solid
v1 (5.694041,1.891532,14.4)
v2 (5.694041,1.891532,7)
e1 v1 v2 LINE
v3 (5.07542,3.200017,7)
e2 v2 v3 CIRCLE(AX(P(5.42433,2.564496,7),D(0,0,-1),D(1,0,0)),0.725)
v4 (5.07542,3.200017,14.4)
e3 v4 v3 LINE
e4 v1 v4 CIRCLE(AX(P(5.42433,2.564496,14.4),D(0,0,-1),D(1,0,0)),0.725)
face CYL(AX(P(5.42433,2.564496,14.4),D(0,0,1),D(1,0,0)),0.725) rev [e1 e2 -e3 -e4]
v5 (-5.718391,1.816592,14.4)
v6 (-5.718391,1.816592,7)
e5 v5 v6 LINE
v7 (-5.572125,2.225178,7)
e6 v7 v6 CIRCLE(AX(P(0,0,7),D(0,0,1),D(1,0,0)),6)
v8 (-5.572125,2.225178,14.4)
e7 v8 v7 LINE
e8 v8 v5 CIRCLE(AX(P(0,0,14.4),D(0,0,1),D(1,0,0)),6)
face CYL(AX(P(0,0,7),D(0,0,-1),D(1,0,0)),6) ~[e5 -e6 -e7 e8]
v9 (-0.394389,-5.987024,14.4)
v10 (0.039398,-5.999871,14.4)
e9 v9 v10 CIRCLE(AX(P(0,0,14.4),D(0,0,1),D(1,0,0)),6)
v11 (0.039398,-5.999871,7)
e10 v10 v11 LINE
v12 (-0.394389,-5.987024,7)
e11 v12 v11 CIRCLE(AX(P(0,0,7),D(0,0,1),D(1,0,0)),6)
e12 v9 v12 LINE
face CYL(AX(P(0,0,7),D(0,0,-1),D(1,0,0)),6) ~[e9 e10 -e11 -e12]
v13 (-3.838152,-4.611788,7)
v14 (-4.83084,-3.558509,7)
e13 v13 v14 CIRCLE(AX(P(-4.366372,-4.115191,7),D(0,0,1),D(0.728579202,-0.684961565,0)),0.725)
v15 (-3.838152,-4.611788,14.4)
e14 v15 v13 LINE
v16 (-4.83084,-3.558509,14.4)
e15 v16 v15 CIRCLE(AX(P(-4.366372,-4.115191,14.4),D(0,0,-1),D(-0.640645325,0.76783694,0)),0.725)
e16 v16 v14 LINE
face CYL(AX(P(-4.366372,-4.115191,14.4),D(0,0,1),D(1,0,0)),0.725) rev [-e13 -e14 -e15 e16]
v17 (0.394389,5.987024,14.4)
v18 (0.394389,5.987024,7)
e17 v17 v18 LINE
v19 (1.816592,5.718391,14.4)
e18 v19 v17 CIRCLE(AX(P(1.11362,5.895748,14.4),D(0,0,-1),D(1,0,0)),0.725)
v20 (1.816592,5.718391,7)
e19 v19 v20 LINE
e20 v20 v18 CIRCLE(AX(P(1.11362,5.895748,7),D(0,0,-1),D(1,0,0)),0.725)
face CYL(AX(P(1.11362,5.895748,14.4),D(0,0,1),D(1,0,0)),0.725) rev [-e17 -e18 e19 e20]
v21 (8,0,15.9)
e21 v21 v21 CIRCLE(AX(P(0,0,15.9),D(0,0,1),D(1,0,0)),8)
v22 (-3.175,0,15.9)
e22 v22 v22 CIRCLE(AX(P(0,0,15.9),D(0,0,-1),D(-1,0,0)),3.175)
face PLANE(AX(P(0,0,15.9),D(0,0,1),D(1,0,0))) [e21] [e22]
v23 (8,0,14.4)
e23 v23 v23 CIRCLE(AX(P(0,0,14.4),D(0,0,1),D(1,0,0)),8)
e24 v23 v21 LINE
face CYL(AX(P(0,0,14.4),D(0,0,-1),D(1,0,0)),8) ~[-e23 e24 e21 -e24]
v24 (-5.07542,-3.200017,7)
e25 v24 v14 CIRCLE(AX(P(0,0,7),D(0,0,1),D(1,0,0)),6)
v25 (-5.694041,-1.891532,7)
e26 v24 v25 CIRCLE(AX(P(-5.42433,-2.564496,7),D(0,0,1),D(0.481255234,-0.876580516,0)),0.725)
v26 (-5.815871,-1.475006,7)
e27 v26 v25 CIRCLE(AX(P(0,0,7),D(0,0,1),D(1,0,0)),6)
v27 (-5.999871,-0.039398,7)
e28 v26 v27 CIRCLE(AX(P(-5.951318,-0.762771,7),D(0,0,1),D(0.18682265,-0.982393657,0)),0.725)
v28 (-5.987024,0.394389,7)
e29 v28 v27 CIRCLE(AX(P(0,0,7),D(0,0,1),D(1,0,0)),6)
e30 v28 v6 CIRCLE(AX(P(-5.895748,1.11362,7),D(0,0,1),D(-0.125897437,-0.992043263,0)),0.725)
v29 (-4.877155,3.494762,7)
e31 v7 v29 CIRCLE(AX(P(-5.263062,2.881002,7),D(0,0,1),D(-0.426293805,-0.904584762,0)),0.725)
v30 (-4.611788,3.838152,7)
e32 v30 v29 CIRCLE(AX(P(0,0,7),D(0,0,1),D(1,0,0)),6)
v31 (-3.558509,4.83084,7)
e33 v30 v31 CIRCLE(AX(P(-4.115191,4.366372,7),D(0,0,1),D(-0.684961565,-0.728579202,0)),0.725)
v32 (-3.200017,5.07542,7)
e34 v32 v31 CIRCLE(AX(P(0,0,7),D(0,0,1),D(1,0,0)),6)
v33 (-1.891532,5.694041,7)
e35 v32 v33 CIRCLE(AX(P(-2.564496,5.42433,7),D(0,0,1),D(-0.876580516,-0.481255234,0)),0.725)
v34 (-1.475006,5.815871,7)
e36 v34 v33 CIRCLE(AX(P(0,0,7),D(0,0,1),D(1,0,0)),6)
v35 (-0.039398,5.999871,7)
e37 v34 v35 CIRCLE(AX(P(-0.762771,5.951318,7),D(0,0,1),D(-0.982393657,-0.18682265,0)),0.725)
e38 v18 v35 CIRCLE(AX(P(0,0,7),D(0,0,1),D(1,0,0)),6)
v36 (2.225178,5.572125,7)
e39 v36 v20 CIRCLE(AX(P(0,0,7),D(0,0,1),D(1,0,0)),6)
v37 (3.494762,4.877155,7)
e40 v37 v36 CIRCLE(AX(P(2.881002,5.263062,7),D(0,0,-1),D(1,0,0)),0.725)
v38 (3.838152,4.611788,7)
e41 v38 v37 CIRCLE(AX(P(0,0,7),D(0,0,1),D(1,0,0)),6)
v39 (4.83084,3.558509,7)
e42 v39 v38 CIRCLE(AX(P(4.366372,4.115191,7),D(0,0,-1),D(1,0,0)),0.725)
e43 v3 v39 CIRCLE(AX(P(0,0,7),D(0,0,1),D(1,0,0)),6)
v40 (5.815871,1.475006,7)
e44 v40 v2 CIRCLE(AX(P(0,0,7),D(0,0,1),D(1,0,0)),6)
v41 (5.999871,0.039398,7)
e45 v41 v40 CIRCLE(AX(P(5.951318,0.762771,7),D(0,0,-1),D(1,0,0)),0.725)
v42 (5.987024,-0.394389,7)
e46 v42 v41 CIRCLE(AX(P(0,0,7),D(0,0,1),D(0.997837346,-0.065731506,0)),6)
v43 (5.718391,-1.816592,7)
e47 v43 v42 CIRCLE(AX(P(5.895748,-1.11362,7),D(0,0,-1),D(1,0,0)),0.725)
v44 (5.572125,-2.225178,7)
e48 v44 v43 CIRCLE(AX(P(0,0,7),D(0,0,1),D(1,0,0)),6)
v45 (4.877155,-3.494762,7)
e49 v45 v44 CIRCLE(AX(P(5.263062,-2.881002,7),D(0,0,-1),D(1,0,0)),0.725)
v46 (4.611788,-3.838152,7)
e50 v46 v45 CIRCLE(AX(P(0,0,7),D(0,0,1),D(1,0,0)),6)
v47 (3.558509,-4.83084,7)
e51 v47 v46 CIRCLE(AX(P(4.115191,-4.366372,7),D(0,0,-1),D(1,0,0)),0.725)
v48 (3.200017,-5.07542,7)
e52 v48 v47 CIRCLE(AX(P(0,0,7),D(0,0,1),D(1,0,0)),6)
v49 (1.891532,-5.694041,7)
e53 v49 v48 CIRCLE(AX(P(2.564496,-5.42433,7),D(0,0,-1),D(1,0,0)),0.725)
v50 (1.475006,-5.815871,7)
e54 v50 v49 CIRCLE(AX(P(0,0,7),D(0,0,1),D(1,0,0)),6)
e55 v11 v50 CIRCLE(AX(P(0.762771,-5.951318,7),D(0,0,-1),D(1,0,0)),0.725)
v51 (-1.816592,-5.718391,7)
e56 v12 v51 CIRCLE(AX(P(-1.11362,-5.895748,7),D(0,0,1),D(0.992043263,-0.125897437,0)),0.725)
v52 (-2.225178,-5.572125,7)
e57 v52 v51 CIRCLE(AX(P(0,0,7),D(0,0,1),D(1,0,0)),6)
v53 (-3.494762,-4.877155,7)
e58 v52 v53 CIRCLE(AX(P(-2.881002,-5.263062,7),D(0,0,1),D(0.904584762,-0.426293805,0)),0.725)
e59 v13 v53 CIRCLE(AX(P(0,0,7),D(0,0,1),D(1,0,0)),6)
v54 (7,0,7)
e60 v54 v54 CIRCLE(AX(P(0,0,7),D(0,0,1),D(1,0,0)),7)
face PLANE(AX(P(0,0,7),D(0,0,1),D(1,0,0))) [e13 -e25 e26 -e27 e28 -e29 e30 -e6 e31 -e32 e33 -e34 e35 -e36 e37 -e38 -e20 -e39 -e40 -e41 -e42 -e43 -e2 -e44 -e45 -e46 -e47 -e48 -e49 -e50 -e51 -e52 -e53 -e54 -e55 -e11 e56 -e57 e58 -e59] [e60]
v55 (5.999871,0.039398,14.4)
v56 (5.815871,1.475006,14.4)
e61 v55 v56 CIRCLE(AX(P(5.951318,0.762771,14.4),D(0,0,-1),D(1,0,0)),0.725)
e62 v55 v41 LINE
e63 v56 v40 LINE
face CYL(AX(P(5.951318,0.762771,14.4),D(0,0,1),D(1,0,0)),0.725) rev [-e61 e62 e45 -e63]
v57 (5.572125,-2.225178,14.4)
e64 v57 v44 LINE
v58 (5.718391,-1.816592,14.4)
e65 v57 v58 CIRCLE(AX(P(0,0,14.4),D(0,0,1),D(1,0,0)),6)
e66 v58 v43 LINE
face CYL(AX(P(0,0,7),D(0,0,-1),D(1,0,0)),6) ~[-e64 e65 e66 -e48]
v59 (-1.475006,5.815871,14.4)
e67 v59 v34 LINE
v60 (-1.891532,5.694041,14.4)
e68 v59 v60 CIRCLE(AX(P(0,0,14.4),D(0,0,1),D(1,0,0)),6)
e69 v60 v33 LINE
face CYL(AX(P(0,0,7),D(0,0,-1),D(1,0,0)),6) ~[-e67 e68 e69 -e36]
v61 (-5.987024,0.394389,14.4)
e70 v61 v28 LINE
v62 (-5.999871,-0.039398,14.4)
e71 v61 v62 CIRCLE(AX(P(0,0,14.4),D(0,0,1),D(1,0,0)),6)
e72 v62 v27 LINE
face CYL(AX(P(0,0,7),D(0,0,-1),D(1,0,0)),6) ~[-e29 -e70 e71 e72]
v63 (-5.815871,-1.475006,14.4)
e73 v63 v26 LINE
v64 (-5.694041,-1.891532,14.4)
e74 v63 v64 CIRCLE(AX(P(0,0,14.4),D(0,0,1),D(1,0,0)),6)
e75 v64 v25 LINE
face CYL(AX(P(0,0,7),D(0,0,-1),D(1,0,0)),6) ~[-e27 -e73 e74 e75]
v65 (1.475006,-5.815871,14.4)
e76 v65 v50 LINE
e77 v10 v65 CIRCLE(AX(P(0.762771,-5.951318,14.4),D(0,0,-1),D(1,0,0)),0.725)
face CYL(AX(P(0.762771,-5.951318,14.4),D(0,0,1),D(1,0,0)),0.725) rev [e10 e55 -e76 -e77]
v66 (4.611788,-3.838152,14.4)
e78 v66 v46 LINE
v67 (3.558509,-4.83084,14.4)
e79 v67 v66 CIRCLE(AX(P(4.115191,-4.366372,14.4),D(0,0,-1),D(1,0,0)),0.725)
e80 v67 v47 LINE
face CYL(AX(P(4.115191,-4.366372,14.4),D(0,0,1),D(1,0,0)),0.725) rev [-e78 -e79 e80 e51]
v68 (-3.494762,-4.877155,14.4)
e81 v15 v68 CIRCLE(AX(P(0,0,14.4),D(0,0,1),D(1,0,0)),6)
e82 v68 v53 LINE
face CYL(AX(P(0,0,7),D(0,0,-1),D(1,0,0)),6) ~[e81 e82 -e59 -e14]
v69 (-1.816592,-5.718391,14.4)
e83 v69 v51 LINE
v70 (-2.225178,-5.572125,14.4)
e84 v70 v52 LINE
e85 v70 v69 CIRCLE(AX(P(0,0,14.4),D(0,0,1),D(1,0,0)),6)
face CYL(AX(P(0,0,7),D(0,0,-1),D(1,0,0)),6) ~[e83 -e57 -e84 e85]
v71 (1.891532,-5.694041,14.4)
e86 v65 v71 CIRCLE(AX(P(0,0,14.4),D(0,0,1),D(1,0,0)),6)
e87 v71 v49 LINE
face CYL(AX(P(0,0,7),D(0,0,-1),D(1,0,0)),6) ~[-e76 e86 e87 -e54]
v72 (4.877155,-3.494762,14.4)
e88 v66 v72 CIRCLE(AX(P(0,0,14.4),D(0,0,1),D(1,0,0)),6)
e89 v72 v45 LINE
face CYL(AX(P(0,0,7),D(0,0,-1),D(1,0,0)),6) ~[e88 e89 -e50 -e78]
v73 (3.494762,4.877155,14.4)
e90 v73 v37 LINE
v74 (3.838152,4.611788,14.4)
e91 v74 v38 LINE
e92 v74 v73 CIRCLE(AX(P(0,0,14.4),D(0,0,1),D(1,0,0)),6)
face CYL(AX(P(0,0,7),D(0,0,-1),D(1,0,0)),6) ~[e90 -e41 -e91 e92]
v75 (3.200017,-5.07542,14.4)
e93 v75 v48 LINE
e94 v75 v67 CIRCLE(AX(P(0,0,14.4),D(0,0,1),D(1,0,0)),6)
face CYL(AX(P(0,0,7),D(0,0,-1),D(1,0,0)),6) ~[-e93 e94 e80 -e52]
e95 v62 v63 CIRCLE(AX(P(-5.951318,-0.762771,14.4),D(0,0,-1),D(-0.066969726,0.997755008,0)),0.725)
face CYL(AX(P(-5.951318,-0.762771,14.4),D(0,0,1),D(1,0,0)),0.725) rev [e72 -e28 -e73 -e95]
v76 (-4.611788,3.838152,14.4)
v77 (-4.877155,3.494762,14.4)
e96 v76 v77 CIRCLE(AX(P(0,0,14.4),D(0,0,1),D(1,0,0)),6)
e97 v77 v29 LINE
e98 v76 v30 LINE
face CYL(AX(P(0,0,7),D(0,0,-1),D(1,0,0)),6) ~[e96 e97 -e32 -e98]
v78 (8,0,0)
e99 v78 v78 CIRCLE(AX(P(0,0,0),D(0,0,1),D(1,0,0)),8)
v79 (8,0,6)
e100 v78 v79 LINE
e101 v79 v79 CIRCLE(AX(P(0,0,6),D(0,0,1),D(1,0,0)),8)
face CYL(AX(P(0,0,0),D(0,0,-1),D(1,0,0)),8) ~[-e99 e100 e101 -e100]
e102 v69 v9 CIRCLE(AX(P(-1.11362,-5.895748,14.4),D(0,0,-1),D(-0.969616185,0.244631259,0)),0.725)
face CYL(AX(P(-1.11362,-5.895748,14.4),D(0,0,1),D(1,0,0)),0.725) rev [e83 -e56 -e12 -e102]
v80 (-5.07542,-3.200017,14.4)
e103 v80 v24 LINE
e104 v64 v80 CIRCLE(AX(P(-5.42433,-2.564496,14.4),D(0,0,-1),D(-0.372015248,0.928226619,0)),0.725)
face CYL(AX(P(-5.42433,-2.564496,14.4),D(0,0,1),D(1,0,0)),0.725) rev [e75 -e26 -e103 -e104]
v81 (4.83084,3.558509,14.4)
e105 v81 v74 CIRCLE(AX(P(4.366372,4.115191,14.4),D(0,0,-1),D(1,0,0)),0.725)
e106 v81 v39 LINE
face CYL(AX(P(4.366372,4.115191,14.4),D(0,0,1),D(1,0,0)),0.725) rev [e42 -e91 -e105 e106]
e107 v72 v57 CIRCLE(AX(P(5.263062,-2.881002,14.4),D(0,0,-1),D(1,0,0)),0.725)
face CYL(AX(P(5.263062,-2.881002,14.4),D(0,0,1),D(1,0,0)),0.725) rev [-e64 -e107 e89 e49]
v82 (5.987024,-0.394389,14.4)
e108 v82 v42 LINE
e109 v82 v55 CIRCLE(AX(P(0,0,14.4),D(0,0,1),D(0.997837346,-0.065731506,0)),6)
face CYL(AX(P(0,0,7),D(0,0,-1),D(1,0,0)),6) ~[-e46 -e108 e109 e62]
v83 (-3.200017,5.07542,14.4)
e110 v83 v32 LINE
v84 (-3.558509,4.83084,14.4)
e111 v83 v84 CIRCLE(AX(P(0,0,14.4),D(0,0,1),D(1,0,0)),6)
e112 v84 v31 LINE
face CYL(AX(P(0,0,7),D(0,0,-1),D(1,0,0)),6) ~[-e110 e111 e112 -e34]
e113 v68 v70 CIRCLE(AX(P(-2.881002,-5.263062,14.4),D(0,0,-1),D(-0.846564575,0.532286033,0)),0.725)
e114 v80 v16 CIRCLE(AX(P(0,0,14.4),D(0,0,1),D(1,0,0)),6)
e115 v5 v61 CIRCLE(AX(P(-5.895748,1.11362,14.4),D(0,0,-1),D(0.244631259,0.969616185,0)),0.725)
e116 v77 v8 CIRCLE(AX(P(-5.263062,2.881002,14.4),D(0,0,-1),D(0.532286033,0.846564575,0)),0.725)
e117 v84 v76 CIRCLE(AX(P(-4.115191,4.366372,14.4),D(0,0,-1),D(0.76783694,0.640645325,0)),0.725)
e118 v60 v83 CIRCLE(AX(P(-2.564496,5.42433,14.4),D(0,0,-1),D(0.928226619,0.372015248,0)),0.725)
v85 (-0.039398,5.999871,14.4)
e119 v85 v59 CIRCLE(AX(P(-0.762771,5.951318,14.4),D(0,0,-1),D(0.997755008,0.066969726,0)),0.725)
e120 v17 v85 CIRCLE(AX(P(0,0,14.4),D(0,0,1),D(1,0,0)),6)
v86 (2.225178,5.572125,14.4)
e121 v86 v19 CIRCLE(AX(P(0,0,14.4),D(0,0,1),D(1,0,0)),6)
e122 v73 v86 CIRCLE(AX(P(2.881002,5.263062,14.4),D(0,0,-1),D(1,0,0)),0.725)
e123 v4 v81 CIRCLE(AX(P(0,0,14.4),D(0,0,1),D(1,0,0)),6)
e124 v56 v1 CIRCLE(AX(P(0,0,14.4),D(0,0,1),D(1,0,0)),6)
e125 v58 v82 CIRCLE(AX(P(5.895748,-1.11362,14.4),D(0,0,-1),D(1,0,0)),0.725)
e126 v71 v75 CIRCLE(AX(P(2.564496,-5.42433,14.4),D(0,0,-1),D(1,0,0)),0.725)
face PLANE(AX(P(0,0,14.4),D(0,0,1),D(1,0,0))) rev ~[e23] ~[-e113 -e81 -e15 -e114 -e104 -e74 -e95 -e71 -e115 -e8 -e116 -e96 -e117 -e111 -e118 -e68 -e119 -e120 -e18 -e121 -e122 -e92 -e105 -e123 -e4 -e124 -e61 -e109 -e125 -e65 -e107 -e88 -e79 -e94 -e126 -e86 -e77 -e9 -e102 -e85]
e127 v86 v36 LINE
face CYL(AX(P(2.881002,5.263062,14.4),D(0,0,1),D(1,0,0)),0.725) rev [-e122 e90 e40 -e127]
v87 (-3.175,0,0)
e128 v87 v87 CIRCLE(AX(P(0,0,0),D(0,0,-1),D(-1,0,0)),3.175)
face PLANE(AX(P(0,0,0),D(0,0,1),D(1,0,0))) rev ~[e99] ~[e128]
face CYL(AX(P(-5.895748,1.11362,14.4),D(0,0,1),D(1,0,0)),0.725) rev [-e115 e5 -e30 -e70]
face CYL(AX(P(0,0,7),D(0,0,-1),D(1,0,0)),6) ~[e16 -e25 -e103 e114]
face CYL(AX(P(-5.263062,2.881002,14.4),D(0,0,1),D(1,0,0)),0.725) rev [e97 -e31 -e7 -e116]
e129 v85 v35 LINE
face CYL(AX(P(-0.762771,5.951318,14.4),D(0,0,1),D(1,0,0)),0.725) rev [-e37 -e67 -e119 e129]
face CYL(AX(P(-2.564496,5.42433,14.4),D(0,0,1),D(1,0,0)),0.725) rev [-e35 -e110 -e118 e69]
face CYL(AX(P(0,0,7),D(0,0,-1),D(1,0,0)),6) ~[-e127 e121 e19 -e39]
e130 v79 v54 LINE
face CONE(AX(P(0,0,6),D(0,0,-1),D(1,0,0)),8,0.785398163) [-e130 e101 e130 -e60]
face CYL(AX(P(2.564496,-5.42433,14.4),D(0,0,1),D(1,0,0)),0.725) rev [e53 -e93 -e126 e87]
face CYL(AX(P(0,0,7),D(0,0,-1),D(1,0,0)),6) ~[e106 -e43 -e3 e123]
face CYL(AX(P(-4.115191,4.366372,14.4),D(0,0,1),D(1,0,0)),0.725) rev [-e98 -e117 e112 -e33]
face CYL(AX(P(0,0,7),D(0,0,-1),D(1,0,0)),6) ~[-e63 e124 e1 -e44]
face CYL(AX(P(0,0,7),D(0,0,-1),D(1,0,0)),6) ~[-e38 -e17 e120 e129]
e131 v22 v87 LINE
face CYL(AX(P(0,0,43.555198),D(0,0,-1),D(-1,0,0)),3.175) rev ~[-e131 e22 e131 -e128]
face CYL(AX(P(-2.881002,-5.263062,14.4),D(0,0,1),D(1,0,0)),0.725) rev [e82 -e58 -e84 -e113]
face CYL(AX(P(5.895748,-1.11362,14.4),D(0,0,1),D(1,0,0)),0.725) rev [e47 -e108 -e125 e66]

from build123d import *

# Parameters (mm, degrees)
F0_R     = 8
F1_DEPTH = 7
F2_R     = 6
F3_DEPTH = 7.4
F4_SIZE  = 1
F5_R     = 8
F6_DEPTH = 1.5
F7_R     = 0.725
F8_DEPTH = 7.4
F10_D    = 6.35


with BuildPart() as f1:
    # F0 (on Top) → F1 (new body)
    with BuildSketch(Plane.XY):
        Circle(F0_R)
    extrude(amount=F1_DEPTH)

    # F2 (on face) → F3 (join)
    with BuildSketch(Plane.XY.offset(7)):
        Circle(F2_R)
    extrude(amount=F3_DEPTH)

    # F4
    f4_edges = [f1.edges().sort_by_distance(p)[0] for p in [
        (-8, 0, 7),
    ]]
    chamfer(f4_edges, length=F4_SIZE)

    # F5 (on face) → F6 (join)
    with BuildSketch(Plane.XY.offset(14.4)):
        Circle(F5_R)
    extrude(amount=F6_DEPTH)

    # F7 (on face) → F8 (cut)
    with BuildSketch(Plane(origin=(0, 0, 14.4), x_dir=(1, 0, 0), z_dir=(0, 0, -1))):
        with Locations((-5.4243303263, 2.5644961514)):
            Circle(F7_R)
        with Locations((-5.9513175962, 0.7627705219)):
            Circle(F7_R)
        with Locations((-5.8957484345, -1.1136204009)):
            Circle(F7_R)
        with Locations((-5.2630623379, -2.8810023997)):
            Circle(F7_R)
        with Locations((-4.1151910298, -4.3663718106)):
            Circle(F7_R)
        with Locations((-2.5644961514, -5.4243303263)):
            Circle(F7_R)
        with Locations((-0.7627705219, -5.9513175962)):
            Circle(F7_R)
        with Locations((1.1136204009, -5.8957484345)):
            Circle(F7_R)
        with Locations((2.8810023997, -5.2630623379)):
            Circle(F7_R)
        with Locations((4.3663718106, -4.1151910298)):
            Circle(F7_R)
        with Locations((5.4243303263, -2.5644961514)):
            Circle(F7_R)
        with Locations((5.9513175962, -0.7627705219)):
            Circle(F7_R)
        with Locations((5.8957484345, 1.1136204009)):
            Circle(F7_R)
        with Locations((5.2630623379, 2.8810023997)):
            Circle(F7_R)
        with Locations((4.1151910298, 4.3663718106)):
            Circle(F7_R)
        with Locations((2.5644961514, 5.4243303263)):
            Circle(F7_R)
        with Locations((0.7627705219, 5.9513175962)):
            Circle(F7_R)
        with Locations((-1.1136204009, 5.8957484345)):
            Circle(F7_R)
        with Locations((-2.8810023997, 5.2630623379)):
            Circle(F7_R)
        with Locations((-4.3663718106, 4.1151910298)):
            Circle(F7_R)
    extrude(amount=F8_DEPTH, mode=Mode.SUBTRACT)

    # F10 (through all)
    with Locations(Plane.XY.offset(15.9)):
        with Locations((0, 0)):
            Hole(F10_D / 2)


solid = f1.part
